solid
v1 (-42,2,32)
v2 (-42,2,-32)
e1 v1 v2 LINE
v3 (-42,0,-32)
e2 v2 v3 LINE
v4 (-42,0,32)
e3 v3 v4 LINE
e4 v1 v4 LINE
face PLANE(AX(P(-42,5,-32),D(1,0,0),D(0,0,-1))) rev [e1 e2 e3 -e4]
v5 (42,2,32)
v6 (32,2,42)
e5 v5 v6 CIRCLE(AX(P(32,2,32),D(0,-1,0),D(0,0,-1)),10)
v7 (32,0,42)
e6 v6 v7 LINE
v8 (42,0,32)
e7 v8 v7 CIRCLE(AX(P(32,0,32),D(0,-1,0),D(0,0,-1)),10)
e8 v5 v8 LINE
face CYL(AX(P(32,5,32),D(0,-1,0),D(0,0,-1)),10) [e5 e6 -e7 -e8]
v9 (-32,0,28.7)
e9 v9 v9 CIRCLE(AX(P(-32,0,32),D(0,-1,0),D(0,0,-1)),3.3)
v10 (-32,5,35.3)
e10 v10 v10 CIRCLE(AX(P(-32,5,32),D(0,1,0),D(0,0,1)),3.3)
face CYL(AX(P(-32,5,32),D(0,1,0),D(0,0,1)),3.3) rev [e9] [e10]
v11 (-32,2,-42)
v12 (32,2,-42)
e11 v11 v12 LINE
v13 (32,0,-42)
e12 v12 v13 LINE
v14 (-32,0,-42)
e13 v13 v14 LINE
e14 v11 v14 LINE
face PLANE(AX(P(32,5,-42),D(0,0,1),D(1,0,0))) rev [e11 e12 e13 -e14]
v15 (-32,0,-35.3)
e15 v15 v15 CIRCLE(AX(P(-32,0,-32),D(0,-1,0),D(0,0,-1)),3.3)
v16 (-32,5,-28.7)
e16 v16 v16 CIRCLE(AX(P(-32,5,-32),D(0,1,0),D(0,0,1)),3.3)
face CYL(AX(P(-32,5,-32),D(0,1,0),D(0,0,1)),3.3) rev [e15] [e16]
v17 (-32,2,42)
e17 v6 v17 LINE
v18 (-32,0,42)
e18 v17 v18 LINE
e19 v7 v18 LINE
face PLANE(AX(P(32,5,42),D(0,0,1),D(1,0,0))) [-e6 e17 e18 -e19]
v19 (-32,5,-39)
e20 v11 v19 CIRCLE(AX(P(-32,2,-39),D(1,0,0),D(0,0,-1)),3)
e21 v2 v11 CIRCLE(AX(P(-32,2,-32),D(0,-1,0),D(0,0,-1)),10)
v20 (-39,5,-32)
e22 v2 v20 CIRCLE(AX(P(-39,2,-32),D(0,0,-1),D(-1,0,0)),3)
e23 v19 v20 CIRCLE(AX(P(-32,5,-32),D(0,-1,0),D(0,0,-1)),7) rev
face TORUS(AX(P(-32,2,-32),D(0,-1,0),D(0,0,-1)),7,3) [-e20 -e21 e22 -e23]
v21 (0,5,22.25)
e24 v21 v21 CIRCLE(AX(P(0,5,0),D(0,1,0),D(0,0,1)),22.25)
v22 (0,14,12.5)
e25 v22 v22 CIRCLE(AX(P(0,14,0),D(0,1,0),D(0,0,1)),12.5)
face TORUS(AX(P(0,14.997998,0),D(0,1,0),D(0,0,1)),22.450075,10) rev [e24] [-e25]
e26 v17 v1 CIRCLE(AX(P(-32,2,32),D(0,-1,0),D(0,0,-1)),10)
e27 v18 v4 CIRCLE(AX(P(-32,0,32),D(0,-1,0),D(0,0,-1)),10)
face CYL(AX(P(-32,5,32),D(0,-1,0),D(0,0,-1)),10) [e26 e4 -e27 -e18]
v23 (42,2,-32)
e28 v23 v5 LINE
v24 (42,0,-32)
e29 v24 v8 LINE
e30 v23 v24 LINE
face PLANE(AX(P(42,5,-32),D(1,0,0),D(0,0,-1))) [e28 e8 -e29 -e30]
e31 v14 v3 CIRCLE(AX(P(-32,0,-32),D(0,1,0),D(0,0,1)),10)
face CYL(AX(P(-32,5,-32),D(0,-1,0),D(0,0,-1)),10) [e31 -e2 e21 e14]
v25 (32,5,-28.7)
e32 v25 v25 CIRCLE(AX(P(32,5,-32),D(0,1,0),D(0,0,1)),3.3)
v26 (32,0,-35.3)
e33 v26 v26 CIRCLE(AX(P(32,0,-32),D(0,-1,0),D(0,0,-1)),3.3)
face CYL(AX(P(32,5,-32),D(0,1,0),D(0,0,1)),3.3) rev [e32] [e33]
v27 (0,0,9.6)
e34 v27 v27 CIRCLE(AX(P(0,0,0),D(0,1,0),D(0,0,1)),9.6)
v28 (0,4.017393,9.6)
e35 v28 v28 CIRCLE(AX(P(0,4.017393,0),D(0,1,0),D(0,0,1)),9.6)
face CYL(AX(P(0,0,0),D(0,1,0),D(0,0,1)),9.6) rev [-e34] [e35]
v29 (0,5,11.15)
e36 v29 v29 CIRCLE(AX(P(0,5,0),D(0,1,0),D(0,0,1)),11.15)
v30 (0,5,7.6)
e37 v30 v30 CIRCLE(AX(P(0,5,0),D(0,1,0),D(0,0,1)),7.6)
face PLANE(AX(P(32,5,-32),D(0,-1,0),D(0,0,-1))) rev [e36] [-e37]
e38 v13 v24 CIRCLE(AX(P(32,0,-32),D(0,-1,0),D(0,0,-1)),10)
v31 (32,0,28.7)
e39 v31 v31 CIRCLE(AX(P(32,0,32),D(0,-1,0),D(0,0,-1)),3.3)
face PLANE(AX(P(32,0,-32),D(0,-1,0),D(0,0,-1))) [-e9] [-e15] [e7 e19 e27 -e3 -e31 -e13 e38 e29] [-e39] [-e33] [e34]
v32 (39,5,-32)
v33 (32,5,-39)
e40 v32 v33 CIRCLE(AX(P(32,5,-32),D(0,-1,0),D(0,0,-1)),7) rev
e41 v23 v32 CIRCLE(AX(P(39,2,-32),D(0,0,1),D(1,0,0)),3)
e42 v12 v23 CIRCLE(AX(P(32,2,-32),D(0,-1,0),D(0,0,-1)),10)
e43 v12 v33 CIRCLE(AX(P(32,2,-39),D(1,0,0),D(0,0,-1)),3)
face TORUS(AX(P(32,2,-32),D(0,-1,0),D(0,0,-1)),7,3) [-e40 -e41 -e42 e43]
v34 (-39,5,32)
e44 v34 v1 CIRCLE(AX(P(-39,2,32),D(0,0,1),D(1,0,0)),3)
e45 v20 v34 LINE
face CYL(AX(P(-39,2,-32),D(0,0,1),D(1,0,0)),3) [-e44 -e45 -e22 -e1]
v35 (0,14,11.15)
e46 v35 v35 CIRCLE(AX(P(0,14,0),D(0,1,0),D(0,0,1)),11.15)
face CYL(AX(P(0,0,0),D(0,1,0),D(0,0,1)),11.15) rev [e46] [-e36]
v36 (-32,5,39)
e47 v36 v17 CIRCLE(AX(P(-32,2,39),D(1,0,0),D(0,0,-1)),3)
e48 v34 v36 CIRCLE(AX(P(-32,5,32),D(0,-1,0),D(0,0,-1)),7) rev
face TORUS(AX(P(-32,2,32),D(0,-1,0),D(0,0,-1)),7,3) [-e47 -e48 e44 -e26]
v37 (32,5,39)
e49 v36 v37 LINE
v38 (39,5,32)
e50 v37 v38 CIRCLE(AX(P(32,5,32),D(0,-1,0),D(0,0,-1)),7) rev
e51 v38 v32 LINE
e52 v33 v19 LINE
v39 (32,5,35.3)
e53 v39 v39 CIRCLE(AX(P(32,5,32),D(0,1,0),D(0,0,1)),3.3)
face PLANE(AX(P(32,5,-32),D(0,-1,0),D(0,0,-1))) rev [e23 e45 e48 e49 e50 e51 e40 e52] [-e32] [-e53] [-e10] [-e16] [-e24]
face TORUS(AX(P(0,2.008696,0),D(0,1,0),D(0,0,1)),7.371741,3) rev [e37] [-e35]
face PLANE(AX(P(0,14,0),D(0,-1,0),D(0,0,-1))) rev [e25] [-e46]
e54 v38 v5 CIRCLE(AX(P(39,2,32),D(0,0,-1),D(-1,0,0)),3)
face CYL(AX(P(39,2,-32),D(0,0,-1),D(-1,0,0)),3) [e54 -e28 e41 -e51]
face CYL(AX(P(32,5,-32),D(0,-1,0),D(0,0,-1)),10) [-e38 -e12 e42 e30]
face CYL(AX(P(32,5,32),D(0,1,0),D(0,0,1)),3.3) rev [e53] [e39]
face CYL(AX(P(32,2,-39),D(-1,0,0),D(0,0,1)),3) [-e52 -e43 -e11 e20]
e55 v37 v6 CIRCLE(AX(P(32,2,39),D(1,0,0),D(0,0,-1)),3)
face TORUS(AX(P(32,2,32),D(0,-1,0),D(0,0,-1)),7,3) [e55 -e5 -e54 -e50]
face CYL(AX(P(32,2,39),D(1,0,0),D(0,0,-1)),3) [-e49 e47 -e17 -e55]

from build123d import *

# Parameters (mm, degrees)
BOSS_EXTRUDE1_DEPTH      = 5
FILLET1_R                = 3
M6_CLEARANCE_HOLE1_D     = 6.6
M6_CLEARANCE_HOLE1_DEPTH = 8
M6_CLEARANCE_HOLE1_TIP   = 1.982840043


with BuildPart() as part:
    # Sketch1 → Boss-Extrude1 (new body)
    with BuildSketch(Plane(origin=(0, 0, 0), x_dir=(1, 0, 0), z_dir=(0, 1, 0))):
        with BuildLine():
            Line((32, 42), (-32, 42))
            ThreePointArc((-32, 42), (-39.071067812, 39.071067812), (-42, 32))
            Line((-42, 32), (-42, -32))
            ThreePointArc((-42, -32), (-39.071067812, -39.071067812), (-32, -42))
            Line((-32, -42), (32, -42))
            ThreePointArc((32, -42), (39.071067812, -39.071067812), (42, -32))
            Line((42, -32), (42, 32))
            ThreePointArc((42, 32), (39.071067812, 39.071067812), (32, 42))
        make_face()
    extrude(amount=BOSS_EXTRUDE1_DEPTH)

    # Sketch3 → Revolve2 (revolve)
    with BuildSketch(Plane.XY):
        with BuildLine():
            Line((-22.25, 5), (-12.5, 5))
            Line((-12.5, 5), (-11.15, 5))
            Line((-11.15, 5), (-11.15, 14))
            Line((-11.15, 14), (-12.5, 14))
            ThreePointArc((-12.5, 14), (-15.66727432, 7.649963846), (-22.25, 5))
        make_face()
        with BuildLine():
            Line((-22.25, 5), (-12.5, 5))
            Line((-12.5, 5), (-11.15, 5))
            Line((-11.15, 5), (-11.15, 14))
            Line((-11.15, 14), (-12.5, 14))
            ThreePointArc((-12.5, 14), (-15.66727432, 7.649963846), (-22.25, 5))
        make_face()
    revolve(axis=Axis((0, 0, 0), (0, -1, 0)))

    # Sketch3<5> → Cut-Revolve2 (revolve, cut)
    with BuildSketch(Plane.XY):
        with BuildLine():
            Line((0, 0), (0, 5))
            Line((0, 5), (-7.6, 5))
            ThreePointArc((-7.6, 5), (-8.694616444, 4.701278719), (-9.6, 4.017392631))
            Line((-9.6, 4.017392631), (-9.6, 0))
            Line((-9.6, 0), (0, 0))
        make_face()
    revolve(axis=Axis((0, 0, 0), (0, -1, 0)), mode=Mode.SUBTRACT)

    # Fillet1
    fillet1_edges = [part.edges().sort_by_distance(p)[0] for p in [
        (42, 5, 0),
        (39.071067812, 5, -39.071067812),
        (0, 5, -42),
        (-39.071067812, 5, -39.071067812),
        (-42, 5, 0),
        (-39.071067812, 5, 39.071067812),
        (0, 5, 42),
        (39.071067812, 5, 39.071067812),
    ]]
    fillet(fillet1_edges, radius=FILLET1_R)

    # M6 Clearance Hole1
    with Locations(Plane(origin=(0, 5, 0), x_dir=(1, 0, 0), z_dir=(0, 1, 0))):
        with Locations((-32, 32), (-32, -32), (32, -32), (32, 32)):
            Hole(M6_CLEARANCE_HOLE1_D / 2, depth=M6_CLEARANCE_HOLE1_DEPTH)
            with Locations((0, 0, -(M6_CLEARANCE_HOLE1_DEPTH + M6_CLEARANCE_HOLE1_TIP / 2))):  # 118° drill point
                Cone(0, M6_CLEARANCE_HOLE1_D / 2, M6_CLEARANCE_HOLE1_TIP, mode=Mode.SUBTRACT)


solid = part.part
